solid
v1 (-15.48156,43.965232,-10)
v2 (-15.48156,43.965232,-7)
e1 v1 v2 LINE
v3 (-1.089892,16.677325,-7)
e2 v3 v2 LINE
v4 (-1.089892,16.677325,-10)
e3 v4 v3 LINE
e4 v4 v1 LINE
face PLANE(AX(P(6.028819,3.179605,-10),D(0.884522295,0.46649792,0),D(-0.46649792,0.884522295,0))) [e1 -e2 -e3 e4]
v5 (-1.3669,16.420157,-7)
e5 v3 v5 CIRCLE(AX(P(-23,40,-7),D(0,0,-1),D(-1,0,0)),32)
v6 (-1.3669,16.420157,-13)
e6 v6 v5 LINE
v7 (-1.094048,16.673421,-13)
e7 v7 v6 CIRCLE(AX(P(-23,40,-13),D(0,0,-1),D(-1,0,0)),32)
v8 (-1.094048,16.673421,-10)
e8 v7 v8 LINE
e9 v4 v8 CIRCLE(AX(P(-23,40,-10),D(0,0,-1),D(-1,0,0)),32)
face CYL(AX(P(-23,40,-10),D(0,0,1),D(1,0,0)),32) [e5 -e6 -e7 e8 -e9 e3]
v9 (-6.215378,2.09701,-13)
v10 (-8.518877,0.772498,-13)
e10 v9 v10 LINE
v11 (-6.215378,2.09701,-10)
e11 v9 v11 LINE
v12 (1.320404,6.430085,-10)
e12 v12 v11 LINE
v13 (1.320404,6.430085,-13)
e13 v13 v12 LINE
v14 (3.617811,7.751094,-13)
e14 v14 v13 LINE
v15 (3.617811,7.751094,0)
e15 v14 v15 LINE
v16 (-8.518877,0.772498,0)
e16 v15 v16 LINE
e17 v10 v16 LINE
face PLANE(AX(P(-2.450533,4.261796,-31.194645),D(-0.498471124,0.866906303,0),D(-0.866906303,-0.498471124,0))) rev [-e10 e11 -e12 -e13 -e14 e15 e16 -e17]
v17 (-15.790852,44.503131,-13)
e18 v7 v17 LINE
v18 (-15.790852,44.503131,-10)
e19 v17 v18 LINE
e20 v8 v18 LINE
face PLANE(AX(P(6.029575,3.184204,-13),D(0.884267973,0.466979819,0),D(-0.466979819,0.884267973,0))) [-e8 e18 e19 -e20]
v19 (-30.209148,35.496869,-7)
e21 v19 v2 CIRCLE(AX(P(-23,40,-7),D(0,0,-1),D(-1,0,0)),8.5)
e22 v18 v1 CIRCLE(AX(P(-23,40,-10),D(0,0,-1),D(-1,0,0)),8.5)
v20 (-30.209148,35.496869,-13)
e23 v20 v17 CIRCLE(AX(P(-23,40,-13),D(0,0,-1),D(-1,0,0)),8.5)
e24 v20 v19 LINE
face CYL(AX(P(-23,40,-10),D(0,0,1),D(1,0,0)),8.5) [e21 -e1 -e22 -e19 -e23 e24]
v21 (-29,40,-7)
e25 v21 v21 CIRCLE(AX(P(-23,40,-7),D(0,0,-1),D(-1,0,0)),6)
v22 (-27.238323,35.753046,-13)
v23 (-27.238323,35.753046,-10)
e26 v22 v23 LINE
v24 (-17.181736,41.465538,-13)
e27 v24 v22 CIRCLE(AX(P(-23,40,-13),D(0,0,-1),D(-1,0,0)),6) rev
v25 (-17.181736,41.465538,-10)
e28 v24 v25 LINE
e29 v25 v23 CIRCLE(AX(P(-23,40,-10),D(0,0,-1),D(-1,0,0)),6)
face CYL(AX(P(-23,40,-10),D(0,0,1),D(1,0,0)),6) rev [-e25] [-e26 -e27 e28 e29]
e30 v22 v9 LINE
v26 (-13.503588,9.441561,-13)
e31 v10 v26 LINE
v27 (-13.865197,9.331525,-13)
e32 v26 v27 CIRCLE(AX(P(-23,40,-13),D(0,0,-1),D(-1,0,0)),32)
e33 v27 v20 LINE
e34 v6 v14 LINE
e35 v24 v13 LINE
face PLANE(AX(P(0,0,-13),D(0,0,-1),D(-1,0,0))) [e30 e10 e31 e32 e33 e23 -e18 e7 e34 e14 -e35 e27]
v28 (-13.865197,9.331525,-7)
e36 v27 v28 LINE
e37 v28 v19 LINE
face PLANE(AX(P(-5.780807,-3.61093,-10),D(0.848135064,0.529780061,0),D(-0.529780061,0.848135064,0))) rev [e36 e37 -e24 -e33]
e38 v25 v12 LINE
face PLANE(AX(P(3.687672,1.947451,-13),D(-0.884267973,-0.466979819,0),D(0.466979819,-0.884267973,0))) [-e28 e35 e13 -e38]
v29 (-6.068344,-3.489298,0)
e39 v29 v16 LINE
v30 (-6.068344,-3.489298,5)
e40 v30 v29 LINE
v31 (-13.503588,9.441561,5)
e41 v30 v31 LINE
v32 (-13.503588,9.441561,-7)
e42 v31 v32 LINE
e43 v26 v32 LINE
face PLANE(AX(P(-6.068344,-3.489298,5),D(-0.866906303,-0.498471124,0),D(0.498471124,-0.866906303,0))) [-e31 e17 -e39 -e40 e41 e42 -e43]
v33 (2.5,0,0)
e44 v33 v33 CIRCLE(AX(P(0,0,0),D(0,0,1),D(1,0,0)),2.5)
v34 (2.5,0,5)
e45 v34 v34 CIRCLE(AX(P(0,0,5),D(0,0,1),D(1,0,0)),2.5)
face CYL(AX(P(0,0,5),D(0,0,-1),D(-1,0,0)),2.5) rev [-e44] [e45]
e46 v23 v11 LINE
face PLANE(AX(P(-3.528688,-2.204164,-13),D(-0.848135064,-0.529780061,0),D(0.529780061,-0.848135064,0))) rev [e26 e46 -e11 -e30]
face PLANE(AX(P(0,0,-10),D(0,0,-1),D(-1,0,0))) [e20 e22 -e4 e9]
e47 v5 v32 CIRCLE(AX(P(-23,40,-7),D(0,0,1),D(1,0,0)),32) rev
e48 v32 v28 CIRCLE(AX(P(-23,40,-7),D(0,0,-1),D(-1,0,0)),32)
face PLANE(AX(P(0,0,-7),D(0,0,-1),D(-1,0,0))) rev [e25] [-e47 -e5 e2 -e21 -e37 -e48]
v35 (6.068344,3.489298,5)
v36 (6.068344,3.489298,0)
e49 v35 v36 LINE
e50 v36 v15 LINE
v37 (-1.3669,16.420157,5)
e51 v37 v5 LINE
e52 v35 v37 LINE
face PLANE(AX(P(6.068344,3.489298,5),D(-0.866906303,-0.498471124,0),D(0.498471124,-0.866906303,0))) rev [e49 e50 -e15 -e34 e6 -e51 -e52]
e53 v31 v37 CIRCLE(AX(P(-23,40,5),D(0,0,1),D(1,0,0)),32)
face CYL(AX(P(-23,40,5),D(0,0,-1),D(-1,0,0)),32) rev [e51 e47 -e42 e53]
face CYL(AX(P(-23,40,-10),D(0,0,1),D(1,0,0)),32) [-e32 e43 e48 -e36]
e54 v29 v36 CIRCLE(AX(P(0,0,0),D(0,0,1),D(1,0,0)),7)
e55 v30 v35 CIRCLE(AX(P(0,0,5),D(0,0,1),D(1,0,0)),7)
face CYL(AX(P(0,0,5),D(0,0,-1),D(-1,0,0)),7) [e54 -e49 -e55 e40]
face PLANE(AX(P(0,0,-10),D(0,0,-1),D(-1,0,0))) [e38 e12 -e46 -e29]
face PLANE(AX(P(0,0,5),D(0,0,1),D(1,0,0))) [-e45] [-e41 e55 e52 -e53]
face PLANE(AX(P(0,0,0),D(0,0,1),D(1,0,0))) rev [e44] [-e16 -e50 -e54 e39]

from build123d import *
from build123d.topology import SkipClean

# Parameters (mm, degrees)
SKIZZE1_R                       = 2.5
AUFSATZ_LINEAR_AUSTRAGEN1_DEPTH = 5
AUFSATZ_LINEAR_START            = 7
AUFSATZ_LINEAR_AUSTRAGEN2_DEPTH = 7
AUFSATZ_LINEAR_START_2          = 3
SKIZZE3_R                       = 6
AUFSATZ_LINEAR_AUSTRAGEN3_DEPTH = 3
BOSS_EXTRUDE1_START             = 3
BOSS_EXTRUDE1_DEPTH             = 3


with BuildPart() as part:
    # Skizze1 → Aufsatz-Linear austragen1 (new body)
    with BuildSketch(Plane.XY):
        with BuildLine():
            ThreePointArc((-6.068344121, -3.48929787), (3.48929787, -6.068344121), (6.068344121, 3.48929787))
            Line((6.068344121, 3.48929787), (-1.366900012, 16.420157233))
            ThreePointArc((-1.366900012, 16.420157233), (-7.048924024, 12.258998302), (-13.503588255, 9.441561493))
            Line((-13.503588255, 9.441561493), (-6.068344121, -3.48929787))
        make_face()
        Circle(SKIZZE1_R, mode=Mode.SUBTRACT)
    extrude(amount=AUFSATZ_LINEAR_AUSTRAGEN1_DEPTH)

    # Skizze2 → Aufsatz-Linear austragen2 (add)
    with BuildSketch(Plane(origin=(0, 0, 0), x_dir=(-1, 0, 0), z_dir=(0, 0, -1)).offset(AUFSATZ_LINEAR_START)):
        with BuildLine():
            Line((8.518877013, 0.772498463), (13.503588255, 9.441561493))
            ThreePointArc((13.503588255, 9.441561493), (7.048924023, 12.258998302), (1.366900012, 16.420157232))
            Line((1.366900012, 16.420157233), (-3.61781123, 7.751094202))
            Line((-3.61781123, 7.751094202), (8.518877013, 0.772498463))
        make_face()
    extrude(amount=-AUFSATZ_LINEAR_AUSTRAGEN2_DEPTH)

    # Skizze3 → Aufsatz-Linear austragen3 (add)
    with BuildSketch(Plane(origin=(0, 0, -7), x_dir=(-1, 0, 0), z_dir=(0, 0, -1)).offset(AUFSATZ_LINEAR_START_2)):
        with BuildLine():
            Line((1.366900012, 16.420157233), (-3.61781123, 7.751094202))
            Line((-3.61781123, 7.751094202), (8.518877013, 0.772498463))
            Line((8.518877013, 0.772498463), (13.503588255, 9.441561493))
            ThreePointArc((13.503588255, 9.441561493), (13.684230172, 9.386009203), (13.865197027, 9.331524742))
            Line((13.865197027, 9.331524742), (30.209148043, 35.496869479))
            ThreePointArc((30.209148043, 35.496869479), (27.237004556, 47.368703576), (15.481560492, 43.965232321))
            Line((15.481560492, 43.965232321), (1.089891738, 16.677325284))
            ThreePointArc((1.089891738, 16.677325284), (1.228016167, 16.548332256), (1.366900012, 16.420157233))
        make_face()
        with Locations((23, 40)):
            Circle(SKIZZE3_R, mode=Mode.SUBTRACT)
    extrude(amount=-AUFSATZ_LINEAR_AUSTRAGEN3_DEPTH)

    # Sketch1 → Boss-Extrude1 (add)
    with SkipClean():  # the faces are left unmerged after this step: merging them gives an invalid solid
        with BuildSketch(Plane(origin=(0, 0, -10), x_dir=(-1, 0, 0), z_dir=(0, 0, -1)).offset(BOSS_EXTRUDE1_START)):
            with BuildLine():
                ThreePointArc((24.687363033, 31.669165348), (27.842500084, 33.014286512), (30.209148043, 35.496869479))
                Line((30.209148043, 35.496869479), (28.088810383, 36.821319632))
                ThreePointArc((28.088810383, 36.821319632), (27.694055373, 36.262909667), (27.238322861, 35.753045877))
                Line((27.238322861, 35.753045877), (24.687363033, 31.669165348))
            make_face()
            with BuildLine():
                Line((13.865197027, 9.331524742), (30.209148043, 35.496869479))
                ThreePointArc((30.209148043, 35.496869479), (27.842500084, 33.014286512), (24.687363033, 31.669165348))
                Line((24.687363033, 31.669165348), (6.215378123, 2.097010324))
                Line((6.215378123, 2.097010324), (8.518877013, 0.772498463))
                Line((8.518877013, 0.772498463), (13.503588255, 9.441561493))
                ThreePointArc((13.503588255, 9.441561493), (13.684230172, 9.386009203), (13.865197027, 9.331524742))
            make_face()
            with BuildLine():
                Line((28.088810383, 36.821319632), (30.209148043, 35.496869479))
                ThreePointArc((30.209148043, 35.496869479), (31.170916667, 37.657753041), (31.5, 40))
                ThreePointArc((31.5, 40), (25.342246959, 48.170916667), (15.790851957, 44.503130521))
                Line((15.790851957, 44.503130521), (17.911189617, 43.178680368))
                ThreePointArc((17.911189617, 43.178680368), (24.653350795, 45.767705883), (29, 40))
                ThreePointArc((29, 40), (28.767705883, 38.346649205), (28.088810383, 36.821319632))
            make_face()
            with BuildLine():
                Line((17.911189617, 43.178680368), (15.790851957, 44.503130521))
                Line((15.790851957, 44.503130521), (15.216048877, 43.414689578))
                ThreePointArc((15.216048877, 43.414689578), (14.507527777, 40.35765281), (14.956507243, 37.25186895))
                Line((14.956507243, 37.25186895), (17.181735723, 41.465537717))
                ThreePointArc((17.181735723, 41.465537717), (17.479602927, 42.350577834), (17.911189617, 43.178680368))
            make_face()
            with BuildLine():
                Line((-1.32040378, 6.430084919), (14.956507243, 37.25186895))
                ThreePointArc((14.956507243, 37.25186895), (14.507527777, 40.35765281), (15.216048877, 43.414689578))
                Line((15.216048877, 43.414689578), (1.094048415, 16.673421058))
                ThreePointArc((1.094048415, 16.673421058), (1.230105912, 16.546392359), (1.366900012, 16.420157233))
                Line((1.366900012, 16.420157233), (-3.61781123, 7.751094202))
                Line((-3.61781123, 7.751094202), (-1.32040378, 6.430084919))
            make_face()
        extrude(amount=-BOSS_EXTRUDE1_DEPTH)


solid = part.part
